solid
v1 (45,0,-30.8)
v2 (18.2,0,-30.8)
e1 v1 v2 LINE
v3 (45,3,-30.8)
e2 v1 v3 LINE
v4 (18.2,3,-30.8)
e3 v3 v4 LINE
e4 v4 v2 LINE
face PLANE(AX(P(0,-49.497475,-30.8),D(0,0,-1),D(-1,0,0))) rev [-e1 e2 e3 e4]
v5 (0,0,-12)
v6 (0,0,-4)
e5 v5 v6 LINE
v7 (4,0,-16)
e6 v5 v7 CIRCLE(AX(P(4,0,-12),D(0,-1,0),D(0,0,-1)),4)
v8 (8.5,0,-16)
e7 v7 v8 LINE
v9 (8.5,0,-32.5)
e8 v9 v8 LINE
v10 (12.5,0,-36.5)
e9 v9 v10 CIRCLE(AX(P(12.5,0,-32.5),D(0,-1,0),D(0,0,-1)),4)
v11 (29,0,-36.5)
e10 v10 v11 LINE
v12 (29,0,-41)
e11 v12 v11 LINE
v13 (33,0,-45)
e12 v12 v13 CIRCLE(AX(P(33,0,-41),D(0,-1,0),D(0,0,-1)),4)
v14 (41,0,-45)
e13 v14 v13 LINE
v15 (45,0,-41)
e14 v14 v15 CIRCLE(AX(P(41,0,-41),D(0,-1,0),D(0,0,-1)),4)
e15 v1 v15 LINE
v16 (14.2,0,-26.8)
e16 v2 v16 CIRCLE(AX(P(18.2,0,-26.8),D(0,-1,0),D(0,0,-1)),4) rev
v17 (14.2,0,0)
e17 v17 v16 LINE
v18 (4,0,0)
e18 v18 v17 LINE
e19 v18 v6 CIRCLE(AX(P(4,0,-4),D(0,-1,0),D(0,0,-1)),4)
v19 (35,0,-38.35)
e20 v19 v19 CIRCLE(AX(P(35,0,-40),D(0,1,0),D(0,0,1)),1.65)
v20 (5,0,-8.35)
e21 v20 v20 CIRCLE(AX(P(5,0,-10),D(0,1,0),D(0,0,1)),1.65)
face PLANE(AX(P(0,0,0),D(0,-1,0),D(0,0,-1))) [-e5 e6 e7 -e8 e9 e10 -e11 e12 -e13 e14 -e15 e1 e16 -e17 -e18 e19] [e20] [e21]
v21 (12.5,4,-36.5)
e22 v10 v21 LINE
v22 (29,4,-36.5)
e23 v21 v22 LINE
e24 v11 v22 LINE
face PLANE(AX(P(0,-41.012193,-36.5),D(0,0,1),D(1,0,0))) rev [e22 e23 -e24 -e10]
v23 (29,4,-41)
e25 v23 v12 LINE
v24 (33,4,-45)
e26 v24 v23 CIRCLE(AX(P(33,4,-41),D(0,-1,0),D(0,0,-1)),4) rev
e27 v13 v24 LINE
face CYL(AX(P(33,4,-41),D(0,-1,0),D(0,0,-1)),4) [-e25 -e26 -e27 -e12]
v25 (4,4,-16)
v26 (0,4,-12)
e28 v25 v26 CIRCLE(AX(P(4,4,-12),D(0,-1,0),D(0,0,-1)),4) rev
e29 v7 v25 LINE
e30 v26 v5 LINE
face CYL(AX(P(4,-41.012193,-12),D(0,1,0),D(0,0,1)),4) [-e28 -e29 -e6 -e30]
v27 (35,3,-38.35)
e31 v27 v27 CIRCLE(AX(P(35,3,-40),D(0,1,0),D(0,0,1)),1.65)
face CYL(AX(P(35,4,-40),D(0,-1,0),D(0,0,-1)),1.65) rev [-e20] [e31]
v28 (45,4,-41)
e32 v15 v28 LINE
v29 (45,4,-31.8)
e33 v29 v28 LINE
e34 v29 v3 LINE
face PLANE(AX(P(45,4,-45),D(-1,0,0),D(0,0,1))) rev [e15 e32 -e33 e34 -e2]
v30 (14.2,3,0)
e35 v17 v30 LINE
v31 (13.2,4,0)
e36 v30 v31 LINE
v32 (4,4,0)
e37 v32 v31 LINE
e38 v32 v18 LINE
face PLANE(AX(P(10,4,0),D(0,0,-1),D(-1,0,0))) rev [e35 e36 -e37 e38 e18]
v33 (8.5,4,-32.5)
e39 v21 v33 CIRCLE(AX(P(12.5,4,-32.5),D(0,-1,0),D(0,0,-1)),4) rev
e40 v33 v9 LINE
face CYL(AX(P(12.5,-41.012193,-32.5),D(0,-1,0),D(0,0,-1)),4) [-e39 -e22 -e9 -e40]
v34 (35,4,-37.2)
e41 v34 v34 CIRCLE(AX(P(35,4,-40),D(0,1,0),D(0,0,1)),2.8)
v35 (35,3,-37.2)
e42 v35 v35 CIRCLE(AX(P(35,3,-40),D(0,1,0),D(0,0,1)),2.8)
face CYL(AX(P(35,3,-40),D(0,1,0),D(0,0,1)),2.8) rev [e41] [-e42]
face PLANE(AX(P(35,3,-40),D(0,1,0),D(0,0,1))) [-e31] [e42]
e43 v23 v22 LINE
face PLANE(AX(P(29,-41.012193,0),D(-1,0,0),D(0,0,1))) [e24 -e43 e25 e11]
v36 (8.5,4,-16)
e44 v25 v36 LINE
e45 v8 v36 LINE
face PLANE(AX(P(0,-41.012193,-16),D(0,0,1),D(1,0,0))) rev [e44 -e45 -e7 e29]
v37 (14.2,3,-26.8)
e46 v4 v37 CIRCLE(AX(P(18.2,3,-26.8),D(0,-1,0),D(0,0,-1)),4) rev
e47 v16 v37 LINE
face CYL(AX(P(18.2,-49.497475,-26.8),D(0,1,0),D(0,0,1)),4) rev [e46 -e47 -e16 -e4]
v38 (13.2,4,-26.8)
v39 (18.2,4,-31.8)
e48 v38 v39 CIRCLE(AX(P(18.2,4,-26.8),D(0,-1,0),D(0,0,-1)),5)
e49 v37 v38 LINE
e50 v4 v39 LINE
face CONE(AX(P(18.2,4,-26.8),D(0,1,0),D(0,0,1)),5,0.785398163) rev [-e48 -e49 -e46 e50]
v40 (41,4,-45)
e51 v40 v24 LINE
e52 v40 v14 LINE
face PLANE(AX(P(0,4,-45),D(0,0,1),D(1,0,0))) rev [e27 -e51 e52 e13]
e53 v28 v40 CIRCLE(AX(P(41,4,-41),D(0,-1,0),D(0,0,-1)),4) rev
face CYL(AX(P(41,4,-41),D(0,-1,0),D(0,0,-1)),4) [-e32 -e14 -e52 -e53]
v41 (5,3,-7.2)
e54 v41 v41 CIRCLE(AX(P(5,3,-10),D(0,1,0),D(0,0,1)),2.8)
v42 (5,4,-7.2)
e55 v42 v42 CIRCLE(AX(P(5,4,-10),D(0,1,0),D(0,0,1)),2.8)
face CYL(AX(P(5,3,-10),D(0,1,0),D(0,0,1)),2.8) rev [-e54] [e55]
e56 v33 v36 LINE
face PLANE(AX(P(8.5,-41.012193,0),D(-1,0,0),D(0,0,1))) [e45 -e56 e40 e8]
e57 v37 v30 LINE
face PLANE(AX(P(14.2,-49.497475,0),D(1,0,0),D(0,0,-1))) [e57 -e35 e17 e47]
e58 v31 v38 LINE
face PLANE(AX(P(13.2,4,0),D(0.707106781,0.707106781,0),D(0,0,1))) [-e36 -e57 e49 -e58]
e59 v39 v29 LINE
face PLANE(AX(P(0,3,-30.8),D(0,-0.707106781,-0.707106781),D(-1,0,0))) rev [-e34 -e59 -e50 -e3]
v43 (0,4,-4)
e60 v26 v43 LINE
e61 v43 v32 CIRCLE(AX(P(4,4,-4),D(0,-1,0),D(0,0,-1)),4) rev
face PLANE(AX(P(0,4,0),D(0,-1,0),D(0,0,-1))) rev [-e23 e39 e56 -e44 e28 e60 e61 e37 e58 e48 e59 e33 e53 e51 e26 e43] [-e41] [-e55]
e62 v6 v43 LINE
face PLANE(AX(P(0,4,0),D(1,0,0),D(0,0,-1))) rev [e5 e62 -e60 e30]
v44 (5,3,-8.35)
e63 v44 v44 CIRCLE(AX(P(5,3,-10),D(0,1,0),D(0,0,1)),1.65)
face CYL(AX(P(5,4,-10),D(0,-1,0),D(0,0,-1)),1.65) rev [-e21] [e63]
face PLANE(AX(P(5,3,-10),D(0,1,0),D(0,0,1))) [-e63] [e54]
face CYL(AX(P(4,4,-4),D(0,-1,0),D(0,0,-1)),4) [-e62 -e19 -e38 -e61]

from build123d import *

# Parameters (mm, degrees)
CROQUIS1_R              = 1.65
SALIENTE_EXTRUIR1_DEPTH = 4
CROQUIS2_W              = 30.8
CROQUIS2_H              = 4.2
SALIENTE_EXTRUIR2_DEPTH = 4
CROQUIS3_W              = 8.5
CROQUIS3_H              = 20.5
CORTAR_EXTRUIR1_DEPTH   = 4
REDONDEO1_R             = 4
REDONDEO2_R             = 4
CHAFL_N1_SIZE           = 1
CROQUIS4_R              = 2.8
CORTAR_EXTRUIR2_DEPTH   = 1


with BuildPart() as part:
    # Croquis1 → Saliente-Extruir1 (new body)
    with BuildSketch(Plane(origin=(0, 0, 0), x_dir=(1, 0, 0), z_dir=(0, 1, 0))):
        Polygon((0, 0), (0, 45), (45, 45), (45, 35), (10, 35), (10, 0), align=None)
        with Locations(Location((35, 40, 0), (0, 0, 270))):
            Circle(CROQUIS1_R, mode=Mode.SUBTRACT)
        with Locations(Location((5, 10, 0), (0, 0, 270))):
            Circle(CROQUIS1_R, mode=Mode.SUBTRACT)
    extrude(amount=SALIENTE_EXTRUIR1_DEPTH)

    # Croquis2 → Saliente-Extruir2 (add)
    with BuildSketch(Plane(origin=(0, 4, 0), x_dir=(1, 0, 0), z_dir=(0, 1, 0))):
        with Locations((29.6, 32.9)):
            Rectangle(CROQUIS2_W, CROQUIS2_H)
        Polygon((10, 35), (10, 0), (14.2, 0), (14.2, 30.8), (14.2, 35), align=None)
    extrude(amount=-SALIENTE_EXTRUIR2_DEPTH)

    # Croquis3 → Cortar-Extruir1 (cut)
    with BuildSketch(Plane(origin=(0, 4, 0), x_dir=(1, 0, 0), z_dir=(0, 1, 0))):
        Polygon((29, 45), (0, 45), (0, 36.5), (8.5, 36.5), (29, 36.5), align=None)
        with Locations((4.25, 26.25)):
            Rectangle(CROQUIS3_W, CROQUIS3_H)
    extrude(amount=-CORTAR_EXTRUIR1_DEPTH, mode=Mode.SUBTRACT)

    # Redondeo1
    redondeo1_edges = [part.edges().sort_by_distance(p)[0] for p in [
        (14.2, 2, -30.8),
        (8.5, 2, -36.5),
    ]]
    fillet(redondeo1_edges, radius=REDONDEO1_R)

    # Redondeo2
    redondeo2_edges = [part.edges().sort_by_distance(p)[0] for p in [
        (0, 2, 0),
        (45, 2, -45),
        (0, 2, -16),
        (29, 2, -45),
    ]]
    fillet(redondeo2_edges, radius=REDONDEO2_R)

    # Chaflán1
    chafl_n1_edges = [part.edges().sort_by_distance(p)[0] for p in [
        (31.6, 4, -30.8),
        (14.2, 4, -13.4),
        (15.371572875, 4, -29.628427125),
    ]]
    chamfer(chafl_n1_edges, length=CHAFL_N1_SIZE)

    # Croquis4 → Cortar-Extruir2 (cut)
    with BuildSketch(Plane(origin=(0, 4, 0), x_dir=(1, 0, 0), z_dir=(0, 1, 0))):
        with Locations(Location((35, 40, 0), (0, 0, 270))):
            Circle(CROQUIS4_R)
        with Locations(Location((5, 10, 0), (0, 0, 270))):
            Circle(CROQUIS4_R)
    extrude(amount=-CORTAR_EXTRUIR2_DEPTH, mode=Mode.SUBTRACT)


solid = part.part
